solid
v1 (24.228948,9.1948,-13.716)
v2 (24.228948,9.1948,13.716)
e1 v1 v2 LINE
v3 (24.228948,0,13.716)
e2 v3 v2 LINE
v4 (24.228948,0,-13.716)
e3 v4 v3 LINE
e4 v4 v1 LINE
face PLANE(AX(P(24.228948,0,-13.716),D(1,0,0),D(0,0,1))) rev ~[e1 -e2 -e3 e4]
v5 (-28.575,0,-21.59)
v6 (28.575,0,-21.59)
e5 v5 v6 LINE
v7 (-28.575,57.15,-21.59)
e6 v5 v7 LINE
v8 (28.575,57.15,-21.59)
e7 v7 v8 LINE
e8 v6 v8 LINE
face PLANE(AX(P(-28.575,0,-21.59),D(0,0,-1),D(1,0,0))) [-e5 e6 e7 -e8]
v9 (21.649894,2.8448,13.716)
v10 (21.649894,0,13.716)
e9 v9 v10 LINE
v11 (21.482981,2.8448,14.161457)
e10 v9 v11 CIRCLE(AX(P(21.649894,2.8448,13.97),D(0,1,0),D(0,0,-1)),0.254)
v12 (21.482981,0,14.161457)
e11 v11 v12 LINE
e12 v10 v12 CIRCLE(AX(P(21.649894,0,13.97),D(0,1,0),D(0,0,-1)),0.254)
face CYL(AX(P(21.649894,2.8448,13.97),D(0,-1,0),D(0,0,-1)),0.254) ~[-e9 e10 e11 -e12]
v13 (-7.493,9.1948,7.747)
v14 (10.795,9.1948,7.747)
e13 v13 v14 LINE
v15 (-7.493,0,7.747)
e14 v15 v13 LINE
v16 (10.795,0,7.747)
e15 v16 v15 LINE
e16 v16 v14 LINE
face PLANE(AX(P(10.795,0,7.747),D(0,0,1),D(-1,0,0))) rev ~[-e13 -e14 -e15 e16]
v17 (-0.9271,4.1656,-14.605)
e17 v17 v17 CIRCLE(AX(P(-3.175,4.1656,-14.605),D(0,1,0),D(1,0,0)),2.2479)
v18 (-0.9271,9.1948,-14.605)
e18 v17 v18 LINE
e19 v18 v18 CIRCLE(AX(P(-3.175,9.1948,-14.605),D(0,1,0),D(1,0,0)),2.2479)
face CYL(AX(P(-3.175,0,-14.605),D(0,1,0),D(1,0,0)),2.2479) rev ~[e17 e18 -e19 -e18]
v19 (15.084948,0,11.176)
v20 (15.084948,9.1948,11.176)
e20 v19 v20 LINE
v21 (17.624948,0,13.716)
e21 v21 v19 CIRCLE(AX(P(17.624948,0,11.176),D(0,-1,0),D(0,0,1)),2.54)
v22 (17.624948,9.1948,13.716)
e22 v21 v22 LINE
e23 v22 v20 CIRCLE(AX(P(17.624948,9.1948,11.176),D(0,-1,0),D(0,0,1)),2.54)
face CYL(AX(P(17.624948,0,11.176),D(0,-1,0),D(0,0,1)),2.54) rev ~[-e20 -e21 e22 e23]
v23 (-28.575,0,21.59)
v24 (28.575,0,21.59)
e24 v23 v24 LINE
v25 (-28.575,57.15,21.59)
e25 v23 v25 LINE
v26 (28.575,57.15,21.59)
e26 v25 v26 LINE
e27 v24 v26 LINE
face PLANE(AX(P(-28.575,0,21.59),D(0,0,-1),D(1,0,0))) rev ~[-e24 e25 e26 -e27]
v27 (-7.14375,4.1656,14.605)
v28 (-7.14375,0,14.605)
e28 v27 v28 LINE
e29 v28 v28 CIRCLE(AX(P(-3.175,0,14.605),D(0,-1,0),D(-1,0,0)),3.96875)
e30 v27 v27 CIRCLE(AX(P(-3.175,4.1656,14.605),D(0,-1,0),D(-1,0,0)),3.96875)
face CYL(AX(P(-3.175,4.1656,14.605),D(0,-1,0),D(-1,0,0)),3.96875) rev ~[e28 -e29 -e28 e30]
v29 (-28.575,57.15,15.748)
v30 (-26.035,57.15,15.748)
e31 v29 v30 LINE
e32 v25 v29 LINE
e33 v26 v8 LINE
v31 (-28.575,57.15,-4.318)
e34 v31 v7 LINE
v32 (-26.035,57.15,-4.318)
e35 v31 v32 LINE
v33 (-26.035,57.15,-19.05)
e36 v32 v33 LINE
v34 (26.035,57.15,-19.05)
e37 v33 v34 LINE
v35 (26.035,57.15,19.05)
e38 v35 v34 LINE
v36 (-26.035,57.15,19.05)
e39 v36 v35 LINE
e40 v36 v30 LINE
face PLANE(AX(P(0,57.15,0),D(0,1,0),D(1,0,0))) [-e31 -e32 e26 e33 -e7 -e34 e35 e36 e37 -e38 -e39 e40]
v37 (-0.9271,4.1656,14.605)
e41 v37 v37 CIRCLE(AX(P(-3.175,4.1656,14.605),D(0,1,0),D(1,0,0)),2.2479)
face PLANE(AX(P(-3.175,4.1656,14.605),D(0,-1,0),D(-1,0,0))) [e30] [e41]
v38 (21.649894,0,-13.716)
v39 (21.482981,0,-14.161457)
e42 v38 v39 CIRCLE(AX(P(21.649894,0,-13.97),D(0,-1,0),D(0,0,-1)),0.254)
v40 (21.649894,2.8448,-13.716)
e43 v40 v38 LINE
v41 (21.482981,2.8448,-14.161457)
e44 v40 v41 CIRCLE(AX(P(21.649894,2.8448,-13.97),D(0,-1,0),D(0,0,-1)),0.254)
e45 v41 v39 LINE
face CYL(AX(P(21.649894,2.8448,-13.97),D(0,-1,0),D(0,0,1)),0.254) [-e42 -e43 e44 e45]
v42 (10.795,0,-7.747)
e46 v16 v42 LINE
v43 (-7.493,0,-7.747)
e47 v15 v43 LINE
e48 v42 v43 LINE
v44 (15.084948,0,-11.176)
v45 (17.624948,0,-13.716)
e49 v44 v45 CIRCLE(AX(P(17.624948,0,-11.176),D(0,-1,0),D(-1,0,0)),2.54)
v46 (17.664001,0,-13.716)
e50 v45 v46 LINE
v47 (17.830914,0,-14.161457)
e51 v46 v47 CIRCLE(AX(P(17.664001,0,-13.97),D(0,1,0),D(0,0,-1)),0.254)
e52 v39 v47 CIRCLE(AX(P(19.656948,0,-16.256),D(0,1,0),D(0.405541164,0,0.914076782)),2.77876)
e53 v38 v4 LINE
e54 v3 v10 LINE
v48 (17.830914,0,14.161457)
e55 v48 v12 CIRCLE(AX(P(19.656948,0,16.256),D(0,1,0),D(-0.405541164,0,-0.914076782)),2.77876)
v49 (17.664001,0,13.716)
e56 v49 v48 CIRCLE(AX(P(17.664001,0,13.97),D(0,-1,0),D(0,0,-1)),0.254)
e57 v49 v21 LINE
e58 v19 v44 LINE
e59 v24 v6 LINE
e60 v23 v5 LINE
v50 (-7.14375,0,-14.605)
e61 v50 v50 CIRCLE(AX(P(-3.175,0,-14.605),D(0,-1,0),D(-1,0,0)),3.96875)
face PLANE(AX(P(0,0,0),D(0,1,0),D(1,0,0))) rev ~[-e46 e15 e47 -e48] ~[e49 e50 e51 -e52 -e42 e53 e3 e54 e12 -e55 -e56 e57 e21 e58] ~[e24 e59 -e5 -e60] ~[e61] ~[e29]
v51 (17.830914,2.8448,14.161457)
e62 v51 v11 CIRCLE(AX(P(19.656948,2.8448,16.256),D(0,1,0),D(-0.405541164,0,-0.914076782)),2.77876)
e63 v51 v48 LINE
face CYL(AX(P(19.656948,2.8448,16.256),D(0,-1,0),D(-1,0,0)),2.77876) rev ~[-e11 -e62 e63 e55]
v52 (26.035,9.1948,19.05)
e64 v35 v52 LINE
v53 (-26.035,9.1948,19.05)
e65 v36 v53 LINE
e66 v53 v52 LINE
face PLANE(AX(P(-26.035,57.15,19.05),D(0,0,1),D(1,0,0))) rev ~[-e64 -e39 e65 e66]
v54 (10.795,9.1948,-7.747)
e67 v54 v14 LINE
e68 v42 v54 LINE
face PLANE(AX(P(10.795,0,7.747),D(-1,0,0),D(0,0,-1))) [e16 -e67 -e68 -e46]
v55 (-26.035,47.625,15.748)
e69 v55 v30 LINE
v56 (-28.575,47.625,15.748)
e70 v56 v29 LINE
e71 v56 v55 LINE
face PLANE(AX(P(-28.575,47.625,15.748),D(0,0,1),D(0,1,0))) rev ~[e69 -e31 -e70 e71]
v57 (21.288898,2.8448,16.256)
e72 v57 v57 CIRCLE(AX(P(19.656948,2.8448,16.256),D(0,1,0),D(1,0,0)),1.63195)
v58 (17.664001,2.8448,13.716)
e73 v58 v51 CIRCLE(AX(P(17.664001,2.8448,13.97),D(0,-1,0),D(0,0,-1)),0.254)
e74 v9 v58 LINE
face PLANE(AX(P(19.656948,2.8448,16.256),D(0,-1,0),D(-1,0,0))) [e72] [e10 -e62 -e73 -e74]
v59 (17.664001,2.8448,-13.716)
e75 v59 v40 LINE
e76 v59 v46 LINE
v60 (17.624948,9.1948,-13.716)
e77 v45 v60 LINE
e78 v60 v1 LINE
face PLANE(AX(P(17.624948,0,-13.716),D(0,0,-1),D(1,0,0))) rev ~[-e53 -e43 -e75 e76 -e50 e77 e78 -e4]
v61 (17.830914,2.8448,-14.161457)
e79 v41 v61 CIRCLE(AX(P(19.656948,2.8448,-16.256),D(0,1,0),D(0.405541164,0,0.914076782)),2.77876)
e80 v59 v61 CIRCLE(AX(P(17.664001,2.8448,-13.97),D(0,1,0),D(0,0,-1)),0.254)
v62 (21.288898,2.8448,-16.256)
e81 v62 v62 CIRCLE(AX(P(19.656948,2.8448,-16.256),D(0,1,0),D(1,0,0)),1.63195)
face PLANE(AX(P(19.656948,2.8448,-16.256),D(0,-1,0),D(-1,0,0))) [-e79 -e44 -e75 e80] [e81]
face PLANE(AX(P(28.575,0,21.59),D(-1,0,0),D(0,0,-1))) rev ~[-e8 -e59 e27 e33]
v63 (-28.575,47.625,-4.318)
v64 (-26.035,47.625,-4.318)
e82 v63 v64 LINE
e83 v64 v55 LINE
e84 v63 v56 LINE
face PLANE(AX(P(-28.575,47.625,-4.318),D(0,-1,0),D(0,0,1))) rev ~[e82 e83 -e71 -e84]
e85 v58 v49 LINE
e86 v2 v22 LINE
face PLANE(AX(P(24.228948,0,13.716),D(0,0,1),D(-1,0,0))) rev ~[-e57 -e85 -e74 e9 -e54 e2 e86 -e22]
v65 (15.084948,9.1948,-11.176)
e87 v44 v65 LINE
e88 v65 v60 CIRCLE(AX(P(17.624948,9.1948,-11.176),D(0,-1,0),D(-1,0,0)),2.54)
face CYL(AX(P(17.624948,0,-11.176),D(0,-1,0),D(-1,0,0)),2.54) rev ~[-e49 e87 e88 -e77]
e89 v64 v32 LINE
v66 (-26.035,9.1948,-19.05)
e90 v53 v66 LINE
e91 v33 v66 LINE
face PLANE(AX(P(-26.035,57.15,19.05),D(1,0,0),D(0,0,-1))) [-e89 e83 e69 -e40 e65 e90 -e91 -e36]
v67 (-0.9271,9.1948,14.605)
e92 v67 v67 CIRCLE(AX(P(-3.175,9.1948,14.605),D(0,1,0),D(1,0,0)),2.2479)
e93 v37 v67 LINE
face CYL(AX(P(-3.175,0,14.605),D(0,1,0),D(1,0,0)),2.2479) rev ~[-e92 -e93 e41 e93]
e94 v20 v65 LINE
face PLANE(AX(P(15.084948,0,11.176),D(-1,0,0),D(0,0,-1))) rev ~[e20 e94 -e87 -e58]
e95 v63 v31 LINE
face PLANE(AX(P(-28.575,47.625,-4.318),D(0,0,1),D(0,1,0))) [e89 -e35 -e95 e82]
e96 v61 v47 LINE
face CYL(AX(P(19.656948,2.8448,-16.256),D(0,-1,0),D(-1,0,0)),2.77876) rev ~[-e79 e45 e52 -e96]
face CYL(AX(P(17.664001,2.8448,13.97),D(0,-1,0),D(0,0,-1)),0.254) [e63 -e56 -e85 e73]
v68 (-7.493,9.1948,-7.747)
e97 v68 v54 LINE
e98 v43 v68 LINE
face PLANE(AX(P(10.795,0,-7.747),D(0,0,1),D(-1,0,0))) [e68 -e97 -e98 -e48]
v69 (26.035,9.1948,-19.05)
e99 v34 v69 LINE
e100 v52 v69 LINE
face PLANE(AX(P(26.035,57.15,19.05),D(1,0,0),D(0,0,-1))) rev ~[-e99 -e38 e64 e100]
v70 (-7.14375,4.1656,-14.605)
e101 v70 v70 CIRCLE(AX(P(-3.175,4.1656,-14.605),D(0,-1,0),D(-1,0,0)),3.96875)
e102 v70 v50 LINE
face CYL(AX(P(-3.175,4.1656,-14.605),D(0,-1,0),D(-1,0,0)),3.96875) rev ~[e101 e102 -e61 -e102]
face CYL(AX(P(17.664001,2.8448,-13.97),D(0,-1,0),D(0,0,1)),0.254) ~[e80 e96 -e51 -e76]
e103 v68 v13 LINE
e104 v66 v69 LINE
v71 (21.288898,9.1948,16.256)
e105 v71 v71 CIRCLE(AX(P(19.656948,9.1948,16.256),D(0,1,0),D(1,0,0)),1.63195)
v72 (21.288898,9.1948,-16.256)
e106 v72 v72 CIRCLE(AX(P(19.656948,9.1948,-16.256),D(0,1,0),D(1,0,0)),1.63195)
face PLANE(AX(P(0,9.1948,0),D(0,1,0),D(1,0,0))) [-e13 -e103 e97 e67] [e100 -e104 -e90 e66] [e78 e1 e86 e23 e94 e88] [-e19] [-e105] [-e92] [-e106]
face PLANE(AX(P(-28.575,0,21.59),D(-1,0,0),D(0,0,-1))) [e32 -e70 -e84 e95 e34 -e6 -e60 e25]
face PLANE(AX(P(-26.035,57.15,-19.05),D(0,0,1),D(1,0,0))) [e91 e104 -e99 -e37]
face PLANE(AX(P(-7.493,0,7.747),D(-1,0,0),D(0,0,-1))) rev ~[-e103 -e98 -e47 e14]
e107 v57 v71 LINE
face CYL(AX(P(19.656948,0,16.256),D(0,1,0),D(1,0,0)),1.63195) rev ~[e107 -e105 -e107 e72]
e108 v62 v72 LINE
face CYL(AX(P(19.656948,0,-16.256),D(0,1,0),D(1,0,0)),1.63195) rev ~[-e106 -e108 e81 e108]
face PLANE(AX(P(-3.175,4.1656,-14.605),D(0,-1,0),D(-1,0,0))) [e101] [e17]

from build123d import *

# Parameters (mm, degrees)
SKETCH1_W                                      = 57.15
SKETCH1_H                                      = 43.18
BASE_DEPTH                                     = 57.15
SKETCH2_W                                      = 52.07
SKETCH2_H                                      = 38.1
POCKET_DEPTH                                   = 47.9552
SKETCH3_W                                      = 18.288
SKETCH3_H                                      = 15.494
LINACTHOLE_DEPTH                               = 68.44465305
ROLLMOTORHOLE_REACH                            = 85.656
SKETCH4_W                                      = 20.066
SKETCH4_H                                      = 9.525
DVIHOLE_REACH                                  = 69.445
CBORE_FOR_4_SOCKET_HEAD_CAP_SCREW1_D           = 3.2639
CBORE_FOR_4_SOCKET_HEAD_CAP_SCREW1_CBORE_D     = 5.55752
CBORE_FOR_4_SOCKET_HEAD_CAP_SCREW1_CBORE_DEPTH = 2.8448
CBORE_FOR_8_SOCKET_HEAD_CAP_SCREW1_D           = 4.4958
CBORE_FOR_8_SOCKET_HEAD_CAP_SCREW1_CBORE_D     = 7.9375
CBORE_FOR_8_SOCKET_HEAD_CAP_SCREW1_CBORE_DEPTH = 4.1656
FILLET1_R                                      = 0.254


with BuildPart() as part:
    # Sketch1 → Base (new body)
    with BuildSketch(Plane(origin=(0, 0, 0), x_dir=(1, 0, 0), z_dir=(0, 1, 0))):
        Rectangle(SKETCH1_W, SKETCH1_H)
    extrude(amount=BASE_DEPTH)

    # Sketch2 → Pocket (cut)
    with BuildSketch(Plane(origin=(0, 57.15, 0), x_dir=(1, 0, 0), z_dir=(0, 1, 0))):
        Rectangle(SKETCH2_W, SKETCH2_H)
    extrude(amount=-POCKET_DEPTH, mode=Mode.SUBTRACT)

    # Sketch3 → LinActHole (cut, through all)
    with BuildSketch(Plane(origin=(0, 0, 0), x_dir=(-1, 0, 0), z_dir=(0, -1, 0))):
        with Locations((-1.651, 0)):
            Rectangle(SKETCH3_W, SKETCH3_H)
    extrude(amount=-LINACTHOLE_DEPTH, mode=Mode.SUBTRACT)

    # Sketch4 → RollMotorHole (cut, up to next)
    with BuildSketch(Plane.ZY.offset(28.575), mode=Mode.PRIVATE) as rollmotorhole_sk1:
        with Locations((5.715, 52.3875)):
            Rectangle(SKETCH4_W, SKETCH4_H)
    rollmotorhole_tool1 = extrude(rollmotorhole_sk1.sketch, amount=-ROLLMOTORHOLE_REACH, mode=Mode.PRIVATE) & part.part
    add(rollmotorhole_tool1.solids().sort_by_distance((-28.575, 52.3875, 5.715))[0], mode=Mode.SUBTRACT)

    # Sketch5 → DviHole (cut, up to next)
    with BuildSketch(Plane.XZ, mode=Mode.PRIVATE) as dvihole_sk1:
        with BuildLine():
            Line((17.624947543, -13.716), (24.228947543, -13.716))
            Line((24.228947543, -13.716), (24.228947543, 13.716))
            Line((24.228947543, 13.716), (17.624947543, 13.716))
            ThreePointArc((17.624947543, 13.716), (15.828896319, 12.972051224), (15.084947543, 11.176))
            Line((15.084947543, 11.176), (15.084947543, -11.176))
            ThreePointArc((15.084947543, -11.176), (15.828896319, -12.972051224), (17.624947543, -13.716))
        make_face()
    dvihole_tool1 = extrude(dvihole_sk1.sketch, amount=-DVIHOLE_REACH, mode=Mode.PRIVATE) & part.part
    add(dvihole_tool1.solids().sort_by_distance((19.701649, 0, 0))[0], mode=Mode.SUBTRACT)

    # CBORE for #4 Socket Head Cap Screw1 (through all)
    with Locations(Plane(origin=(0, 0, 0), x_dir=(-1, 0, 0), z_dir=(0, -1, 0))):
        with Locations((-19.656947543, 16.256), (-19.656947543, -16.256)):
            CounterBoreHole(CBORE_FOR_4_SOCKET_HEAD_CAP_SCREW1_D / 2, CBORE_FOR_4_SOCKET_HEAD_CAP_SCREW1_CBORE_D / 2, CBORE_FOR_4_SOCKET_HEAD_CAP_SCREW1_CBORE_DEPTH)

    # CBORE for #8 Socket Head Cap Screw1 (through all)
    with Locations(Plane(origin=(0, 0, 0), x_dir=(-1, 0, 0), z_dir=(0, -1, 0))):
        with Locations((3.175, 14.605), (3.175, -14.605)):
            CounterBoreHole(CBORE_FOR_8_SOCKET_HEAD_CAP_SCREW1_D / 2, CBORE_FOR_8_SOCKET_HEAD_CAP_SCREW1_CBORE_D / 2, CBORE_FOR_8_SOCKET_HEAD_CAP_SCREW1_CBORE_DEPTH)

    # Fillet1
    fillet1_edges = [part.edges().sort_by_distance(p)[0] for p in [
        (20.783849108, 1.4224, 13.716),
        (18.530045978, 1.4224, 13.716),
        (18.530045978, 1.4224, -13.716),
        (20.783849108, 1.4224, -13.716),
    ]]
    fillet(fillet1_edges, radius=FILLET1_R)


solid = part.part
